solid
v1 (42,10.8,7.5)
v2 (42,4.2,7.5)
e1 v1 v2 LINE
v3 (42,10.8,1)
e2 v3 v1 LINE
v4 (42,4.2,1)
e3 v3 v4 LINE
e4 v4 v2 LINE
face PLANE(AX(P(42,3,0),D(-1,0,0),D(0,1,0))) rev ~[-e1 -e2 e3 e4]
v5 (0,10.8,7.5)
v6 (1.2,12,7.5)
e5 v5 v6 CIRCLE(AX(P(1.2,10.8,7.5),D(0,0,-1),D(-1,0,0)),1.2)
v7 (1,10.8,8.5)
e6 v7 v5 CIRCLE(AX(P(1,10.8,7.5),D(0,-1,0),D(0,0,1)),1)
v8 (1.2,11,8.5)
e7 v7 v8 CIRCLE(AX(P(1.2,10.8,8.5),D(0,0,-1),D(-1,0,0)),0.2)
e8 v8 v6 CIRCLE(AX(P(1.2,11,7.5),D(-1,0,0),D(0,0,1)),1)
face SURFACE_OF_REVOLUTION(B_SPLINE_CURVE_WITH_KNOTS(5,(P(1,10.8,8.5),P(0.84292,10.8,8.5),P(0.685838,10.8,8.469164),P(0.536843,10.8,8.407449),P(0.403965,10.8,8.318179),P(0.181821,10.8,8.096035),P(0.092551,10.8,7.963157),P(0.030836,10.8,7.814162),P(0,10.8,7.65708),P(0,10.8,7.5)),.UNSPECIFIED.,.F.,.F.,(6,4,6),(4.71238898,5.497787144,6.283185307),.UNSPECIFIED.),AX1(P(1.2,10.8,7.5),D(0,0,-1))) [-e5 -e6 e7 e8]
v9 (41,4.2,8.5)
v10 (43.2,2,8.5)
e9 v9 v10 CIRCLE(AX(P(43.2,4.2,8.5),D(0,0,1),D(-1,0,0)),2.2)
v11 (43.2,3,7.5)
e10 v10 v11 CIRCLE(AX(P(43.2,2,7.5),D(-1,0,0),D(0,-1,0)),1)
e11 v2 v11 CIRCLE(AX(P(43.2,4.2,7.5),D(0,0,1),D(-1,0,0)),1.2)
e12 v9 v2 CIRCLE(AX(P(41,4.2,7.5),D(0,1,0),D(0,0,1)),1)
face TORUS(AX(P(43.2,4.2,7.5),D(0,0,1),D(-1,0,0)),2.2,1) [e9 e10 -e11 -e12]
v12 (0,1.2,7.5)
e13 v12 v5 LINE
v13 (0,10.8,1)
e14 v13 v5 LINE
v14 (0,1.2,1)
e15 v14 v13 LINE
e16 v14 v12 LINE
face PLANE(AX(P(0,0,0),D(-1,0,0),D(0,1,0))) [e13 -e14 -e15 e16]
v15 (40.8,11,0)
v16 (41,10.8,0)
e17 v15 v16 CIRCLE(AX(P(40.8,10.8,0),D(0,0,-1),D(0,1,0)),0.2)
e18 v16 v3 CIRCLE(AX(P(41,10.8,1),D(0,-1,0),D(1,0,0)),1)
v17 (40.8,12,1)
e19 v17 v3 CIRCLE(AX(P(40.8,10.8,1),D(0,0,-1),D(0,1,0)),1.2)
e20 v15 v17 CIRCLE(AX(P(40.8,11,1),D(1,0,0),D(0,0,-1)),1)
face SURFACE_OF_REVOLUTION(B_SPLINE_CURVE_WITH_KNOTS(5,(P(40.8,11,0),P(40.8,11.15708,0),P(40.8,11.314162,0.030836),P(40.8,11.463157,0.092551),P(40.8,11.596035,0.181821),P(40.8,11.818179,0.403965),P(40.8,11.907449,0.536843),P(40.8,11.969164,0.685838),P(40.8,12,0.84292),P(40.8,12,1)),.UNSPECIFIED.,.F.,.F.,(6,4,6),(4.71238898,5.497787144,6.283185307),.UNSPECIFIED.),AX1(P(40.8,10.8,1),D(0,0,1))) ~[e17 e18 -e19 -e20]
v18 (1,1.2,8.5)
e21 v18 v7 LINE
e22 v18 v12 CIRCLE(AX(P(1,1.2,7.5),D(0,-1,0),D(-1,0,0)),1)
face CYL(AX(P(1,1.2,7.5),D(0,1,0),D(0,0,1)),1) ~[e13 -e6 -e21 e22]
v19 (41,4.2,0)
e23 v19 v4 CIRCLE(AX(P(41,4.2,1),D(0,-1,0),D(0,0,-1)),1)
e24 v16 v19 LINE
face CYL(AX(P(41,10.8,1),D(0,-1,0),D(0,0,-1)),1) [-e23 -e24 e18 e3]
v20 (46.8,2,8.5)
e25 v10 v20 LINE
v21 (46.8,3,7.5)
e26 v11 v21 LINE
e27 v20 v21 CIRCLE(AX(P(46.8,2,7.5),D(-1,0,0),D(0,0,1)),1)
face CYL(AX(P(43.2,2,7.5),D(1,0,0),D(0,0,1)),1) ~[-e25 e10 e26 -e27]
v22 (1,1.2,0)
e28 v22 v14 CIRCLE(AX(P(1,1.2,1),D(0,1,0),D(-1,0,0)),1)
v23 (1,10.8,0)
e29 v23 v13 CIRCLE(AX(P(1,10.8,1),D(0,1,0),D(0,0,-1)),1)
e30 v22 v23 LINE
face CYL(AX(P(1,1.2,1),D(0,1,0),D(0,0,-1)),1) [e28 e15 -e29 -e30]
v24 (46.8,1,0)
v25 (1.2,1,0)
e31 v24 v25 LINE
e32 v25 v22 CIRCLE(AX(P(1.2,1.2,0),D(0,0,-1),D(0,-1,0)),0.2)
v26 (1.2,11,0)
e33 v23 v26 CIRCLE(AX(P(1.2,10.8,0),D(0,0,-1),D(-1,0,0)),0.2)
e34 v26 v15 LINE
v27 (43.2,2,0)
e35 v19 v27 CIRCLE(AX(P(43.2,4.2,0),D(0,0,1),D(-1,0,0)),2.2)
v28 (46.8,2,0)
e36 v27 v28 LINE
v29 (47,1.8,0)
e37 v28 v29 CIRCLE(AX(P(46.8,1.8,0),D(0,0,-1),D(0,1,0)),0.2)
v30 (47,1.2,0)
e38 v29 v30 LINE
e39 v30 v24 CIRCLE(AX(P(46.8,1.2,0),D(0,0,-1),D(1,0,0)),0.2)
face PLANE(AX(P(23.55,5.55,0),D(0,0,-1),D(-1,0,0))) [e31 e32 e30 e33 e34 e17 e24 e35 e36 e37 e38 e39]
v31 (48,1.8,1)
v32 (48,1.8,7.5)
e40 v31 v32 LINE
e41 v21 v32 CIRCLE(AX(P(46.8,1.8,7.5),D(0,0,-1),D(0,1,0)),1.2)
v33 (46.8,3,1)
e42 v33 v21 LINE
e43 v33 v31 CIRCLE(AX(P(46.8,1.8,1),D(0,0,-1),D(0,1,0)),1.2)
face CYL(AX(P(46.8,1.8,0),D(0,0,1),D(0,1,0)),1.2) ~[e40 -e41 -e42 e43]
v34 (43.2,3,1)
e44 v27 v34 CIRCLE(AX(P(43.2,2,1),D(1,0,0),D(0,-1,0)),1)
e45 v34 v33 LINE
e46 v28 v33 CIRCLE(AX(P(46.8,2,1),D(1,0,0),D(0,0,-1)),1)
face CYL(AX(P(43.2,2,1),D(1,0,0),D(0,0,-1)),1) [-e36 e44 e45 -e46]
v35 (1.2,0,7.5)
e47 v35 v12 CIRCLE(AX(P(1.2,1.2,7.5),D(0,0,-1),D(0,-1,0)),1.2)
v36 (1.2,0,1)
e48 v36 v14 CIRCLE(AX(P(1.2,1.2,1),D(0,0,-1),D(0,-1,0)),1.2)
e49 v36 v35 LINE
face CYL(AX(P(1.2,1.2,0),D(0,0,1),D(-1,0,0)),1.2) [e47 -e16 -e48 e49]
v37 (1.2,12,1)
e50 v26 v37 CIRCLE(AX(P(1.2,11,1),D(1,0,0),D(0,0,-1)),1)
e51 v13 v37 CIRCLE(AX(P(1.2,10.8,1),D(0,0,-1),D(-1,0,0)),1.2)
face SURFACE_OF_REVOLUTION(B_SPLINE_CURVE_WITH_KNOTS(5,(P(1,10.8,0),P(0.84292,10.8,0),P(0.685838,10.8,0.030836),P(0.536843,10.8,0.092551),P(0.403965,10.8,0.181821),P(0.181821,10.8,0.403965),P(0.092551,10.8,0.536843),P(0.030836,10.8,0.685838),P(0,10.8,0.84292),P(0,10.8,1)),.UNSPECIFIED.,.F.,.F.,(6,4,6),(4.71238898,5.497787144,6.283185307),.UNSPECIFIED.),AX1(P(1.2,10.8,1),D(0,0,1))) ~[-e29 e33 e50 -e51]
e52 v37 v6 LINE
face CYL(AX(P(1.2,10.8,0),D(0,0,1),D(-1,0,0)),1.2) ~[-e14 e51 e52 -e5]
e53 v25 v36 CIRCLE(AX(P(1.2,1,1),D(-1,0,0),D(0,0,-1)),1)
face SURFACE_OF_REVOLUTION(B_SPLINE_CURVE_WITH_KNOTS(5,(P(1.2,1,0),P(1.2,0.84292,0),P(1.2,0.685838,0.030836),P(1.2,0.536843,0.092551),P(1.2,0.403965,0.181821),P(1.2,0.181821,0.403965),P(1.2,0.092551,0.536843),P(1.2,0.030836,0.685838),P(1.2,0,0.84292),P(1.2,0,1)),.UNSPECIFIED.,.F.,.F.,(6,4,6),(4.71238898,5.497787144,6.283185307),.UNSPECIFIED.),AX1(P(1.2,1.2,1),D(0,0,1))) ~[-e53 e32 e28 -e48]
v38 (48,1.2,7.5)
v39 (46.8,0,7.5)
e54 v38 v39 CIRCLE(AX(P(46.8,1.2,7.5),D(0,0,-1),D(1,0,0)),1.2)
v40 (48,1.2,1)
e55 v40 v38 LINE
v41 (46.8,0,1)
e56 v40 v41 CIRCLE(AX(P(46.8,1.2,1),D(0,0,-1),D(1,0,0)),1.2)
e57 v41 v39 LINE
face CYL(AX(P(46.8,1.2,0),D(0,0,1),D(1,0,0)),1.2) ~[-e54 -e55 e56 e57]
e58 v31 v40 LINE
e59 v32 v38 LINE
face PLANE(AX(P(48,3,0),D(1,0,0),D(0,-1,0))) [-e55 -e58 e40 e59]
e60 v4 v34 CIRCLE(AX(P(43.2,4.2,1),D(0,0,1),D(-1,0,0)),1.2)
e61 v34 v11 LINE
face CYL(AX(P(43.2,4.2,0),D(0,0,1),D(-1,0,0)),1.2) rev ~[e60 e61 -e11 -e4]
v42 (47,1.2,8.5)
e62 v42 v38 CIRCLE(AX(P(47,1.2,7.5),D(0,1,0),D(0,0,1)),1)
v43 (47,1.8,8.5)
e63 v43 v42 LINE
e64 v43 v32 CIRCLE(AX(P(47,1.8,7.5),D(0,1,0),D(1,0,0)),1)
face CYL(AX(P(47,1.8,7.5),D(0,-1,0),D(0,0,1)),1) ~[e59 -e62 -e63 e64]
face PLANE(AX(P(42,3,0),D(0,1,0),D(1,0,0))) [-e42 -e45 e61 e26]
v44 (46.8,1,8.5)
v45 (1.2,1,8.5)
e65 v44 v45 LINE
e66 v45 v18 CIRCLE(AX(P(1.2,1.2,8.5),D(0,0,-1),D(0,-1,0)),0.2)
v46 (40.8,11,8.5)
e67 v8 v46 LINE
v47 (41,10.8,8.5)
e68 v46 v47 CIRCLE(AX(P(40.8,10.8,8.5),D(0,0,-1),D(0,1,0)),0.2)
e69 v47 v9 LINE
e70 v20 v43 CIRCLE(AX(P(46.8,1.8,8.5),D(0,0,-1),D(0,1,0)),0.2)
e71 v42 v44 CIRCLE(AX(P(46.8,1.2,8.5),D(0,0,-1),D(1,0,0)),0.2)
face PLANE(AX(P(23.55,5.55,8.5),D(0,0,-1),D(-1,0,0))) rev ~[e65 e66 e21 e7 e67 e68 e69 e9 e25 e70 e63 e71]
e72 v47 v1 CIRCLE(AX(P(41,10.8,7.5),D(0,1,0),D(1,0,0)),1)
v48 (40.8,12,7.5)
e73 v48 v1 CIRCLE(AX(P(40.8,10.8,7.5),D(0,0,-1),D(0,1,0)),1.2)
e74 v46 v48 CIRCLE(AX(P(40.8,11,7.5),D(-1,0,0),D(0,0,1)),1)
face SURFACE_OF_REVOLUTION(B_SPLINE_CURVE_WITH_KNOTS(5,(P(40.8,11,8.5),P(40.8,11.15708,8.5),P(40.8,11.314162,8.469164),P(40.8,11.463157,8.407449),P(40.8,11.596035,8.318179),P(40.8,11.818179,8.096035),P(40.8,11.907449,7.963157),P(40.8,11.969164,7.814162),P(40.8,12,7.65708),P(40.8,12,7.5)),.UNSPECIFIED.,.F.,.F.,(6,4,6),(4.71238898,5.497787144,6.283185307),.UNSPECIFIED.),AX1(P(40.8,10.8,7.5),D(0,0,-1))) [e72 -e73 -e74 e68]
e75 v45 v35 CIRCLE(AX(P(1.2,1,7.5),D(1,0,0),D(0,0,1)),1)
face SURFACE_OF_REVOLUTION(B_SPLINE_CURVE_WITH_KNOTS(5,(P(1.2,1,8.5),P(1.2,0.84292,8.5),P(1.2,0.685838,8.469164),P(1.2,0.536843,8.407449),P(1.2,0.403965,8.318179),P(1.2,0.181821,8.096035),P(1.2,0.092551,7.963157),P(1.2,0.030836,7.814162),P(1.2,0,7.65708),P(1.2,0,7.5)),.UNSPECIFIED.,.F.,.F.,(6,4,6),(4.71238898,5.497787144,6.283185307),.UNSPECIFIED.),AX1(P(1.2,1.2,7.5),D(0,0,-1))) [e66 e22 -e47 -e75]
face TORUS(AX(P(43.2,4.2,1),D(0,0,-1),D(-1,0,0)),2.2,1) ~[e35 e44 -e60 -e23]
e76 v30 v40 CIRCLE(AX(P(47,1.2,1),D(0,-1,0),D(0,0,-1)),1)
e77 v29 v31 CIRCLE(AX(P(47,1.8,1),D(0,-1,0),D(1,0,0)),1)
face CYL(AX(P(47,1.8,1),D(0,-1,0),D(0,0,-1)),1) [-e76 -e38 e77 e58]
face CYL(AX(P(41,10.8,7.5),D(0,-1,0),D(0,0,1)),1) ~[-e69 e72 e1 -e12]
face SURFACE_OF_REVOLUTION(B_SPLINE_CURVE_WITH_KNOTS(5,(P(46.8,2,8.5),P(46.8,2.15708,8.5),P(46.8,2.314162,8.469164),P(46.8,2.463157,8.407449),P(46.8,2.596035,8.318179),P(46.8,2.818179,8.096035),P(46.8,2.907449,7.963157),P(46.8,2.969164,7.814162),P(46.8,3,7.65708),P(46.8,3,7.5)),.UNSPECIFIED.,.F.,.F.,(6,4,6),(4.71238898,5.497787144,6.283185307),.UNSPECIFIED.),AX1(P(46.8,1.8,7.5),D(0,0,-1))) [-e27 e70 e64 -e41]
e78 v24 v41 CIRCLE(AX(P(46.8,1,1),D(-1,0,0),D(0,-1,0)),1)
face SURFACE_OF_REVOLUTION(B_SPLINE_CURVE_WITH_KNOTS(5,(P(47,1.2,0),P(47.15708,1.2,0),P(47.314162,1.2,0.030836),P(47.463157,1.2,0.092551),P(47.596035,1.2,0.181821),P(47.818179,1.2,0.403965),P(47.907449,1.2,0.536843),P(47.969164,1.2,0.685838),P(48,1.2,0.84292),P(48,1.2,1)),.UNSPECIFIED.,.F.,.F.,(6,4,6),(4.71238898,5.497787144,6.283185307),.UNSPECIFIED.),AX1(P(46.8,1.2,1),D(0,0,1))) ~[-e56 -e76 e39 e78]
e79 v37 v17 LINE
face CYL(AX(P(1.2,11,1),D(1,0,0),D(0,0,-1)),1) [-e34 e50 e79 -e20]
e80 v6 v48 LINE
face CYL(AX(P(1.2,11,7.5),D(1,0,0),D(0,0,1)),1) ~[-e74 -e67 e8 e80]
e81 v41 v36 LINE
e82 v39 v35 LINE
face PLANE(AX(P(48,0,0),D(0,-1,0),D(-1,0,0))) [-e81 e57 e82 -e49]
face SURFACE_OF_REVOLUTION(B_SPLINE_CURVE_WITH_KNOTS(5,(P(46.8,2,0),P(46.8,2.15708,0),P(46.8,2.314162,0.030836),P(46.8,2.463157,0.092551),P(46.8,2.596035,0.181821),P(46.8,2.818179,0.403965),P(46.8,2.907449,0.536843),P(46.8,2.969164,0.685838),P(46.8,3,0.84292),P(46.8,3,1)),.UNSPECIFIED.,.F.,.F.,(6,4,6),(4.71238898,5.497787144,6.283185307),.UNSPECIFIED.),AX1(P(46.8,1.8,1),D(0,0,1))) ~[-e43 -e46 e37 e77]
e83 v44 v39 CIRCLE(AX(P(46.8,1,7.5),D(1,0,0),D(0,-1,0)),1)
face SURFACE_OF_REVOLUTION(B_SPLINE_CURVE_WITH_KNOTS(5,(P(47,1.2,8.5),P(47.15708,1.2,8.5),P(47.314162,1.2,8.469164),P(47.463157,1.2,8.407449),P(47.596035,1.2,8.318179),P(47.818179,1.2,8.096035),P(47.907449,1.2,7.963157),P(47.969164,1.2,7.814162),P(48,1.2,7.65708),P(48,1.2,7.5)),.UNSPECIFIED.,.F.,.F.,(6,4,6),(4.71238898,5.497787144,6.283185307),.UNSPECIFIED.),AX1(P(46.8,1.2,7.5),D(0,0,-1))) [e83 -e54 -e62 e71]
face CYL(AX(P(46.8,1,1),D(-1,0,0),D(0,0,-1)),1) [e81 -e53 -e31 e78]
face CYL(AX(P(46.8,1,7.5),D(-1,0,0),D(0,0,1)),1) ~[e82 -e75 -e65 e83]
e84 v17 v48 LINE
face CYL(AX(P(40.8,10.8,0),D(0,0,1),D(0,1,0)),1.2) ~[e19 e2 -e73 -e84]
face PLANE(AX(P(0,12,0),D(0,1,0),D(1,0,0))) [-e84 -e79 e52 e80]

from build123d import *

# Parameters (mm, degrees)
PAD_DEPTH   = 8.5
FILLET_R    = 1.2
FILLET001_R = 1


with BuildPart() as part:
    # Sketch → Pad (new body)
    with BuildSketch(Plane.XY):
        Polygon((0, 0), (0, 12), (42, 12), (42, 9), (42, 9), (42, 3), (48, 3), (48, 0), align=None)
    extrude(amount=PAD_DEPTH)

    # Fillet
    fillet_edges = [part.edges().sort_by_distance(p)[0] for p in [
        (48, 0, 4.25),
        (48, 3, 4.25),
        (42, 3, 4.25),
        (42, 12, 4.25),
        (0, 12, 4.25),
        (0, 0, 4.25),
    ]]
    fillet(fillet_edges, radius=FILLET_R)

    # Fillet001
    fillet001_edges = [part.edges().sort_by_distance(p)[0] for p in [
        (21, 12, 8.5),
        (21, 12, 0),
    ]]
    fillet(fillet001_edges, radius=FILLET001_R)


solid = part.part
